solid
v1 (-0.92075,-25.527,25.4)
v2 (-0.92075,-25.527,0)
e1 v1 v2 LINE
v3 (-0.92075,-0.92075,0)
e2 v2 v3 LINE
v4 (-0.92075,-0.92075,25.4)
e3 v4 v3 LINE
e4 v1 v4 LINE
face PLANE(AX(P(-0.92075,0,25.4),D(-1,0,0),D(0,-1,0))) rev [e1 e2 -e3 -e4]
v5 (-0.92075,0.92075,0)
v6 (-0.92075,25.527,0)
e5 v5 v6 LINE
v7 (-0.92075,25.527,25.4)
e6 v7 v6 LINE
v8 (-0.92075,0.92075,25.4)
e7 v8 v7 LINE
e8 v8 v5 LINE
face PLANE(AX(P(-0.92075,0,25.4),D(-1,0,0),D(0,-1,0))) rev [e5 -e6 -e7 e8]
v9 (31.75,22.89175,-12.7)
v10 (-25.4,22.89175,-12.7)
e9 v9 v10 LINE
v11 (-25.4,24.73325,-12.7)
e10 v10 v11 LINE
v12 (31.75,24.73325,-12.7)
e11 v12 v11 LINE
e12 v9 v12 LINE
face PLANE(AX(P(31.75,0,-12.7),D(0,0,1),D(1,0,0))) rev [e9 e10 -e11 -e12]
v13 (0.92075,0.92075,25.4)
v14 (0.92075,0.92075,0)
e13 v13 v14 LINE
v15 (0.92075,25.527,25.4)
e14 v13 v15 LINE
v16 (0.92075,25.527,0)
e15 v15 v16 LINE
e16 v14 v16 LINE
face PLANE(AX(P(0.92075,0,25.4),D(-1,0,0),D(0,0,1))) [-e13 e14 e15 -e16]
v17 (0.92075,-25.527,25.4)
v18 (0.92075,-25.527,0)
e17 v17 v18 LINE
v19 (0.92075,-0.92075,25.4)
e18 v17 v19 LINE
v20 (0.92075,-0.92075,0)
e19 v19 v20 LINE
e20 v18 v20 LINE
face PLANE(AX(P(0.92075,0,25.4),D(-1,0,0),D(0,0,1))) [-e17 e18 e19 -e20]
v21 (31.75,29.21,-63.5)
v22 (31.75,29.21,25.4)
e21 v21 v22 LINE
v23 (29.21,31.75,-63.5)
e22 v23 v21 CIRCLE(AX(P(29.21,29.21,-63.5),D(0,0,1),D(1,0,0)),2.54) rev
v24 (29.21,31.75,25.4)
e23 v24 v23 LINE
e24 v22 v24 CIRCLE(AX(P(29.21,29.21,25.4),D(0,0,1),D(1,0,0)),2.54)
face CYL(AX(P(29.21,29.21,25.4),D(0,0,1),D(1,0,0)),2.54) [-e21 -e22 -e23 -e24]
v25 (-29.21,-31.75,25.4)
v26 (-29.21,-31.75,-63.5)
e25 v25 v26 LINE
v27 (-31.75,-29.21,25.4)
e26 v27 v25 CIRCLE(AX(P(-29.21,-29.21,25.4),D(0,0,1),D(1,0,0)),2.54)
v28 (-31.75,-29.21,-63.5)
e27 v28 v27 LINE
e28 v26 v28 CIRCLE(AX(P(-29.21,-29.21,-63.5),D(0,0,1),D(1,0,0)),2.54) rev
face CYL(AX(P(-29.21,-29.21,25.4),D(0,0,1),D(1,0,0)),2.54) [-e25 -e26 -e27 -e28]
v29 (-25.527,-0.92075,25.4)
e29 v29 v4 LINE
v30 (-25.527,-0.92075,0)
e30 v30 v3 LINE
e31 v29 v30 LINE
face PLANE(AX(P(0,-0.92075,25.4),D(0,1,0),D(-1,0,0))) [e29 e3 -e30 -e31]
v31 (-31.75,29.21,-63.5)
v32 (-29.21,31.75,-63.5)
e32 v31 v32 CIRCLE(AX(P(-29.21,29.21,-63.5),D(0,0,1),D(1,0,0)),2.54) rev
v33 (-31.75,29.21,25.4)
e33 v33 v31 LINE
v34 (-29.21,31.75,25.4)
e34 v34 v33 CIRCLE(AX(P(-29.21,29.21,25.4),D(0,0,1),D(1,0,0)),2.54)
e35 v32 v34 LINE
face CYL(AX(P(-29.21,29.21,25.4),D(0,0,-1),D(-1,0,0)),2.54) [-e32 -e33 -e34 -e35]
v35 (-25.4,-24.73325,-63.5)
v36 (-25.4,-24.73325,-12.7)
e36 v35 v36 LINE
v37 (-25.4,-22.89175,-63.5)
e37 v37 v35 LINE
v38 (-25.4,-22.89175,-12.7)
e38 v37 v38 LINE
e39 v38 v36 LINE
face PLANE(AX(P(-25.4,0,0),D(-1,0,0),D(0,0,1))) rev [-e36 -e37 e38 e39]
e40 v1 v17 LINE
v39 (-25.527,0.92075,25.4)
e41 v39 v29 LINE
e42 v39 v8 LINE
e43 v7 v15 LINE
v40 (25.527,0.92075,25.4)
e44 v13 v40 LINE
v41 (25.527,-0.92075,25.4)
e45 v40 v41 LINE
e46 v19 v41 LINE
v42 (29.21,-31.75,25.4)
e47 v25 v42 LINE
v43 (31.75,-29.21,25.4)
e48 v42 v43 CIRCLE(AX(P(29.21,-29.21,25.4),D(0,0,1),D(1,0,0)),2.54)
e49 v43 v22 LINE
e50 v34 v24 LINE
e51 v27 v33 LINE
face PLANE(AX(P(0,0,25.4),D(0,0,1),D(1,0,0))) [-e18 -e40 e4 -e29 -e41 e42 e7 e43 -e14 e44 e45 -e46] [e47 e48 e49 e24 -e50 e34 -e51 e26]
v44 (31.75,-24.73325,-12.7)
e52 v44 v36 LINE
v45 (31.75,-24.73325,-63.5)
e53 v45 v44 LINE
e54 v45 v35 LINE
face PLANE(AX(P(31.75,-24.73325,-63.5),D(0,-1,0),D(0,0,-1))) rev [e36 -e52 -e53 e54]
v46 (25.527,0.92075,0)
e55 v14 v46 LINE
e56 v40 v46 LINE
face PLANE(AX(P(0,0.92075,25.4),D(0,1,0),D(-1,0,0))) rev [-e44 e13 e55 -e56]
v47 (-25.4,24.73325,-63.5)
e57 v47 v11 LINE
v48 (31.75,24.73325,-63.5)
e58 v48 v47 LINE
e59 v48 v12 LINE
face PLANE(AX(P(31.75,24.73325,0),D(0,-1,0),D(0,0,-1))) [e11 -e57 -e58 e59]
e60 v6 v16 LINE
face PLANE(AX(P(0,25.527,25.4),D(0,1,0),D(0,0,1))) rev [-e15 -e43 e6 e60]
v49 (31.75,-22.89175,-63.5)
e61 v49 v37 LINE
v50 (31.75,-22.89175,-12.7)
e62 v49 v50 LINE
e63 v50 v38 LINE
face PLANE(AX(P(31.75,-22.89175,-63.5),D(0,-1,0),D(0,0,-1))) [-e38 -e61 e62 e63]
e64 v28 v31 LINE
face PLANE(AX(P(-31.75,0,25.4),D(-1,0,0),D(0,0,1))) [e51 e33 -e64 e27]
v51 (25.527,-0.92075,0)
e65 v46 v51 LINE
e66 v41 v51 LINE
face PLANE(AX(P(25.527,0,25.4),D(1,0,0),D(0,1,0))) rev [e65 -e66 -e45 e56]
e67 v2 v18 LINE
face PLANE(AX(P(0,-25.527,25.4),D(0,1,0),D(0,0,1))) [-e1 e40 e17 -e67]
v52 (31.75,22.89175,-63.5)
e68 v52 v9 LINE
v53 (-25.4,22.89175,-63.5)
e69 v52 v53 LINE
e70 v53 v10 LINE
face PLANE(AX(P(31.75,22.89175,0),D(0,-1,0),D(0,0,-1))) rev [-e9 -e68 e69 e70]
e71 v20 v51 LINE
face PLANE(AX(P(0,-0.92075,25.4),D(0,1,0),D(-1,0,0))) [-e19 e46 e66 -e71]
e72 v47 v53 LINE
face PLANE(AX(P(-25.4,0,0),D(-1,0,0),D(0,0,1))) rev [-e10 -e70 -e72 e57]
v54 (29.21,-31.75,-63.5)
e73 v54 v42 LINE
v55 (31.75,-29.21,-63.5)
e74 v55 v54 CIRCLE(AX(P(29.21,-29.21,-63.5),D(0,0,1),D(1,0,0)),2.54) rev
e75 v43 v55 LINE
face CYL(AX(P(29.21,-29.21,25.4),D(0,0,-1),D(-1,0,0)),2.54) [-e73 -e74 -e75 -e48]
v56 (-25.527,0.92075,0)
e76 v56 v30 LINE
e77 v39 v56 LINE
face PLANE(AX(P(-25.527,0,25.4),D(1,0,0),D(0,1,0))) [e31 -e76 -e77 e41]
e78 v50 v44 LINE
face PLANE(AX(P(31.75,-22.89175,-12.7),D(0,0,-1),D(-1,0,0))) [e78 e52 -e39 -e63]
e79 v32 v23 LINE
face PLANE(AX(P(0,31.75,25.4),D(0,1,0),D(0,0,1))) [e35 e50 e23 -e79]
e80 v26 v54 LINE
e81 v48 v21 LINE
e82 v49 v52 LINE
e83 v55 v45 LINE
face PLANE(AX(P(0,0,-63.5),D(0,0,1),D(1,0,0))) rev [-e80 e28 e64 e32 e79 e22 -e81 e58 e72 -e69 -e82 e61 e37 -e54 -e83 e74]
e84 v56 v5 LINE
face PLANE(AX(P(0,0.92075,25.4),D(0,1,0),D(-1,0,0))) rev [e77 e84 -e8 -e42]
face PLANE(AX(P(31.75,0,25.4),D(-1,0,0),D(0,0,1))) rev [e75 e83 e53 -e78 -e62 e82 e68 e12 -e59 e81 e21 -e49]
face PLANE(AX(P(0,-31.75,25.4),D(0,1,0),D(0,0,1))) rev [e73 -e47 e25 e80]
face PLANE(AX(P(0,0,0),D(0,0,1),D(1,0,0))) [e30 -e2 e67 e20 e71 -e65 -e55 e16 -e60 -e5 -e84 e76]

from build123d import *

# Parameters (mm, degrees)
SKETCH1_W           = 63.5
SKETCH1_H           = 63.5
BOSS_EXTRUDE1_DEPTH = 25.4
SKETCH1_7_W         = 63.5
SKETCH1_7_H         = 63.5
SKETCH1_7_W_2       = 24.60625
SKETCH1_7_H_2       = 1.8415
SKETCH1_7_W_3       = 1.8415
SKETCH1_7_H_3       = 24.60625
BOSS_EXTRUDE2_DEPTH = 63.5
CUT_EXTRUDE1_START  = -6.35
SKETCH2_W           = 50.8
SKETCH2_H           = 1.8415
CUT_EXTRUDE1_DEPTH  = 89.9
FILLET1_R           = 2.54


with BuildPart() as part:
    # Sketch1 → Boss-Extrude1 (new body)
    with BuildSketch(Plane.XY):
        Rectangle(SKETCH1_W, SKETCH1_H)
        Polygon((-0.92075, -0.92075), (-25.527, -0.92075), (-25.527, 0.92075), (-0.92075, 0.92075), (-0.92075, 25.527), (0.92075, 25.527), (0.92075, 0.92075), (25.527, 0.92075), (25.527, -0.92075), (0.92075, -0.92075), (0.92075, -25.527), (-0.92075, -25.527), align=None, mode=Mode.SUBTRACT)
    extrude(amount=BOSS_EXTRUDE1_DEPTH)

    # Sketch1<7> → Boss-Extrude2 (add)
    # profile 1 of 6: a face of its own
    with BuildSketch(Plane.XY):
        Rectangle(SKETCH1_7_W, SKETCH1_7_H)
        Polygon((-0.92075, -0.92075), (-25.527, -0.92075), (-25.527, 0.92075), (-0.92075, 0.92075), (-0.92075, 25.527), (0.92075, 25.527), (0.92075, 0.92075), (25.527, 0.92075), (25.527, -0.92075), (0.92075, -0.92075), (0.92075, -25.527), (-0.92075, -25.527), align=None, mode=Mode.SUBTRACT)
    # profile 2 of 6: a face of its own
    with BuildSketch(Plane.XY):
        with Locations((-13.223875, 0)):
            Rectangle(SKETCH1_7_W_2, SKETCH1_7_H_2)
    # profile 3 of 6: a face of its own
    with BuildSketch(Plane.XY):
        with Locations((13.223875, 0)):
            Rectangle(SKETCH1_7_W_2, SKETCH1_7_H_2)
    # profile 4 of 6: a face of its own
    with BuildSketch(Plane.XY):
        with Locations((0, -13.223875)):
            Rectangle(SKETCH1_7_W_3, SKETCH1_7_H_3)
    # profile 5 of 6: a face of its own
    with BuildSketch(Plane.XY):
        with Locations((0, 13.223875)):
            Rectangle(SKETCH1_7_W_3, SKETCH1_7_H_3)
    # profile 6 of 6: a face of its own
    with BuildSketch(Plane.XY):
        Rectangle(SKETCH1_7_W_3, SKETCH1_7_H_2)
    extrude(amount=-BOSS_EXTRUDE2_DEPTH)

    # Sketch2 → Cut-Extrude1 (cut, through all)
    with BuildSketch(Plane.ZY.offset(31.75).offset(CUT_EXTRUDE1_START)):
        with Locations((-38.1, 23.8125)):
            Rectangle(SKETCH2_W, SKETCH2_H)
        with Locations((-38.1, -23.8125)):
            Rectangle(SKETCH2_W, SKETCH2_H)
    extrude(amount=-CUT_EXTRUDE1_DEPTH, mode=Mode.SUBTRACT)

    # Fillet1
    fillet1_edges = [part.edges().sort_by_distance(p)[0] for p in [
        (31.75, 31.75, -19.05),
        (31.75, -31.75, -19.05),
        (-31.75, -31.75, -19.05),
        (-31.75, 31.75, -19.05),
    ]]
    fillet(fillet1_edges, radius=FILLET1_R)


solid = part.part
